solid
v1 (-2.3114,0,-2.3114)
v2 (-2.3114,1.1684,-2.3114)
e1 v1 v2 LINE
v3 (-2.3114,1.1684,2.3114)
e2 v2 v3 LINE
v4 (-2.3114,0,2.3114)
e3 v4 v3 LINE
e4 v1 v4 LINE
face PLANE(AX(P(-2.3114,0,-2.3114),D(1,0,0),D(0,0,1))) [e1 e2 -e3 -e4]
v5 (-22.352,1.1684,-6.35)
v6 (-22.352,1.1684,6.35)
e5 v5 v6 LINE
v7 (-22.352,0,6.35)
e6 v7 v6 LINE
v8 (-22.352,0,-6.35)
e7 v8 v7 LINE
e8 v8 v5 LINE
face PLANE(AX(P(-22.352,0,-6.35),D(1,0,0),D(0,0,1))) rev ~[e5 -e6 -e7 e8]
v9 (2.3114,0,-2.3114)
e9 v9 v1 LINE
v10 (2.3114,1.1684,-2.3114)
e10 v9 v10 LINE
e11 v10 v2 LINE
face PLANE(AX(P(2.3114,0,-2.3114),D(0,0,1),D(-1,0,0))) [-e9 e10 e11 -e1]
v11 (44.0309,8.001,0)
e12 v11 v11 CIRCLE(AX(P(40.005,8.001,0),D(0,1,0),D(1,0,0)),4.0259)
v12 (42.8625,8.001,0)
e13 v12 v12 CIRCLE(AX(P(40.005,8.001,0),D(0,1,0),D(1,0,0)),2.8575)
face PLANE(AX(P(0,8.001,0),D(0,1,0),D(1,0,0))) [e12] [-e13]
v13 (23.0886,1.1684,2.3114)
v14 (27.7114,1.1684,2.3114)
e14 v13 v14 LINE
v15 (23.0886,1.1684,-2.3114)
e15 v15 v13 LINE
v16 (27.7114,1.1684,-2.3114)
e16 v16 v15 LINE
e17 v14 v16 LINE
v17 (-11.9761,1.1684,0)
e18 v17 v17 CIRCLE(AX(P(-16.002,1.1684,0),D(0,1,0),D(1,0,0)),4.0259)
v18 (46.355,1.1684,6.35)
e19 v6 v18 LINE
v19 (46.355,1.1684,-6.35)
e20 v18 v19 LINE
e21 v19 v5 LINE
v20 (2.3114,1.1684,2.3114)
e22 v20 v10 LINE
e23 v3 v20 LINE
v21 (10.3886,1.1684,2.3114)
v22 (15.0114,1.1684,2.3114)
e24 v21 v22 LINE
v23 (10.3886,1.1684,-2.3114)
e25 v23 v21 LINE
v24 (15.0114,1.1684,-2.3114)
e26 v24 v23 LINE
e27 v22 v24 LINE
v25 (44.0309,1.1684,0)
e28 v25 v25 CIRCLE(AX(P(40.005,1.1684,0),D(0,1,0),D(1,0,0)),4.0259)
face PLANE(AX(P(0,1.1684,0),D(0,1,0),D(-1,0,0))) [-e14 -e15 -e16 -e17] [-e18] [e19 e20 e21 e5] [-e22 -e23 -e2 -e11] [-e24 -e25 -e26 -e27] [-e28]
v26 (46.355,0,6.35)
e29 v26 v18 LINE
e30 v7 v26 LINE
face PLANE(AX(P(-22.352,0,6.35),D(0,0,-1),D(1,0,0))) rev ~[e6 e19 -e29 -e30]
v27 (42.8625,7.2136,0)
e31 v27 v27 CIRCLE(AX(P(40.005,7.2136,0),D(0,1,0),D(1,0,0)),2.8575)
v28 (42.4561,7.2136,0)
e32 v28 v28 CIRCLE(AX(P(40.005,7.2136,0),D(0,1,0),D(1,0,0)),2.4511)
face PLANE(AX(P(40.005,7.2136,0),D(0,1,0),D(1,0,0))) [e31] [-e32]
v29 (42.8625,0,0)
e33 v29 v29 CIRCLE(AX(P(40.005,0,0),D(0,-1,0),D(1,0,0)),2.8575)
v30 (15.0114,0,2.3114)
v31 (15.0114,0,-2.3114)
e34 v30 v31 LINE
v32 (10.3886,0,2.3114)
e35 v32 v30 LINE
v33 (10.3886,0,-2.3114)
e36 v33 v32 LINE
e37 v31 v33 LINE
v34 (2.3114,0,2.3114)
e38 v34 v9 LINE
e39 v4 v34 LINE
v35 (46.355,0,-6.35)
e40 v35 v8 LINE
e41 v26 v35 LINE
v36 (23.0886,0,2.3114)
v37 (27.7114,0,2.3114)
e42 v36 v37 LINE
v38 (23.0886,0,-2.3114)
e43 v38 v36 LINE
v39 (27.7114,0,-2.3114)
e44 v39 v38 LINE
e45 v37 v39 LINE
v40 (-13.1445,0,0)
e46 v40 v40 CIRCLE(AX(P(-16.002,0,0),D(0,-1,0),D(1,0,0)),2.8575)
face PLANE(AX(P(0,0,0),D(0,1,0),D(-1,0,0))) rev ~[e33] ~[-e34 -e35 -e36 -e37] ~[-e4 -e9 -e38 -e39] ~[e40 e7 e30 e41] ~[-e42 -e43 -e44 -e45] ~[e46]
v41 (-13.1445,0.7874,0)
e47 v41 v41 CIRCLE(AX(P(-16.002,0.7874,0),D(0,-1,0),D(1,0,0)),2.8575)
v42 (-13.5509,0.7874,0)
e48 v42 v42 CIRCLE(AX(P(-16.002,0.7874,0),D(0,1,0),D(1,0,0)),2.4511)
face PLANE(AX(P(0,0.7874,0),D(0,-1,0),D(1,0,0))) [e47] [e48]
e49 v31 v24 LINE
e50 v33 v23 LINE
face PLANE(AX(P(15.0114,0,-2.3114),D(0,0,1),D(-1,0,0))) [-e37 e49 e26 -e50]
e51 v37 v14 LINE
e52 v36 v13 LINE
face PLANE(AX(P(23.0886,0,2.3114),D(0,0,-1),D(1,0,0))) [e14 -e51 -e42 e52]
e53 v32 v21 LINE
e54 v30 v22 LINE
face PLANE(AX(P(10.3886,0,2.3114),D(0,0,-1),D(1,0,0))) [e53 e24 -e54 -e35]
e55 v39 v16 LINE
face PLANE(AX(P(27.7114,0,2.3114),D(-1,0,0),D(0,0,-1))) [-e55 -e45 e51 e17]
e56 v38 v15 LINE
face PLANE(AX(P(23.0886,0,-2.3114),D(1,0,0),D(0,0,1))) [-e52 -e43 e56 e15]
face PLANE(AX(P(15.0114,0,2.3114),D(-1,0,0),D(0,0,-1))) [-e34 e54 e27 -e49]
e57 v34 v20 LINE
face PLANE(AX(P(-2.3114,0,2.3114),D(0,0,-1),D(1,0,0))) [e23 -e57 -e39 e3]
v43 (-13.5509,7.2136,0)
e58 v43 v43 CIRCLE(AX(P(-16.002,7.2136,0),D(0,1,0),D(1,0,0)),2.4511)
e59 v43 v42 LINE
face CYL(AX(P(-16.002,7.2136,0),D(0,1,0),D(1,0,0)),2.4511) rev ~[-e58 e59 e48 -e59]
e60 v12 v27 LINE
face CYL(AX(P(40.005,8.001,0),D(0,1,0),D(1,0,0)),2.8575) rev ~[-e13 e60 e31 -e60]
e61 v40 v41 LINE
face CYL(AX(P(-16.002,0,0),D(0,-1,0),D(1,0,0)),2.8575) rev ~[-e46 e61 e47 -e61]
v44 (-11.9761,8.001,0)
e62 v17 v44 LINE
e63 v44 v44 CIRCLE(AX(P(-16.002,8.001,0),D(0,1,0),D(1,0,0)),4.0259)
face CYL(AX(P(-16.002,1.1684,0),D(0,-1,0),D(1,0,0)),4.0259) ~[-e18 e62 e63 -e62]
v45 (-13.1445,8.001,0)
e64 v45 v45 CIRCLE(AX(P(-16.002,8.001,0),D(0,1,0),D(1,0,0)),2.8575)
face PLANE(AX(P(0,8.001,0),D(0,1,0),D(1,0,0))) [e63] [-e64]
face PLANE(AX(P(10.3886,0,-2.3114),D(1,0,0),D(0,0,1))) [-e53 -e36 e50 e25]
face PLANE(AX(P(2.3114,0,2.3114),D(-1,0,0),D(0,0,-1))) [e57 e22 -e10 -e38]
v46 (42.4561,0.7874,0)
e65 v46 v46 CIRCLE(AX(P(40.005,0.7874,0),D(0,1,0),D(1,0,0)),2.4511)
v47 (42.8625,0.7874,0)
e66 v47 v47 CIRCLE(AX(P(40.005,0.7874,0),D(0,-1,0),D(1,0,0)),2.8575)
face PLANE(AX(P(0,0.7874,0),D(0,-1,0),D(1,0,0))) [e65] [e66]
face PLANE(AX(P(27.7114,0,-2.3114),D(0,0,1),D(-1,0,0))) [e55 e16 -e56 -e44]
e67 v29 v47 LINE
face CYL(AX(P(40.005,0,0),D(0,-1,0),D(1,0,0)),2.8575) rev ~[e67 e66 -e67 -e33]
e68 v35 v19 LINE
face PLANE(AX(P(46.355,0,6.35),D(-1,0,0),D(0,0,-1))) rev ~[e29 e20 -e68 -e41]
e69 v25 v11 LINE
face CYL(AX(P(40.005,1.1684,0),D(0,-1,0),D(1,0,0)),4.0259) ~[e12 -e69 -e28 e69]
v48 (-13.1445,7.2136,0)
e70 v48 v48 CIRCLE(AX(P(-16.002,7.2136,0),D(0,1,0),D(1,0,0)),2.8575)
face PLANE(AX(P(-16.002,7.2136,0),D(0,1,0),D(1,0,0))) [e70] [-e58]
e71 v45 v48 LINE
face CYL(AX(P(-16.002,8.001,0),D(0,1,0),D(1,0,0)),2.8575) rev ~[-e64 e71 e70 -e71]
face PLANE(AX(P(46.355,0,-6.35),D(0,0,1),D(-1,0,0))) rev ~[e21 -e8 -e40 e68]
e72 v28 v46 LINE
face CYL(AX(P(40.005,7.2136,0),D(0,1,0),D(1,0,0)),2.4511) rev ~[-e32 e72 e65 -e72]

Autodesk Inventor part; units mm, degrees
ref_plane "YZ Plane" through (0, 0, 0) normal (1, 0, 0) x (0, 1, 0)
ref_plane "XZ Plane" through (0, 0, 0) normal (0, 1, 0) x (-1, 0, 0)
ref_plane "XY Plane" through (0, 0, 0) normal (0, 0, 1) x (1, 0, 0)
sketch "Sketch1" plane through (0, 0, 0) normal (0, 1, 0) x (-1, 0, 0)
  line L0 (22.352, 6.35) -> (-46.355, 6.35)
  line L1 (-46.355, 6.35) -> (-46.355, -6.35)
  line L2 (-46.355, -6.35) -> (22.352, -6.35)
  line L3 (22.352, -6.35) -> (22.352, 6.35)
  line L4 (-2.3114, -2.3114) -> (2.3114, -2.3114)
  line L5 (2.3114, -2.3114) -> (2.3114, 2.3114)
  line L6 (2.3114, 2.3114) -> (-2.3114, 2.3114)
  line L7 (-2.3114, 2.3114) -> (-2.3114, -2.3114)
  line L8 (-2.3114, -2.3114) -> (2.3114, 2.3114) construction
  line L9 (2.3114, -2.3114) -> (-2.3114, 2.3114) construction
  line L10 (-10.3886, 2.3114) -> (-15.0114, 2.3114)
  line L11 (-15.0114, 2.3114) -> (-15.0114, -2.3114)
  line L12 (-15.0114, -2.3114) -> (-10.3886, -2.3114)
  line L13 (-10.3886, -2.3114) -> (-10.3886, 2.3114)
  line L14 (-10.3886, 2.3114) -> (-15.0114, -2.3114) construction
  line L15 (-15.0114, 2.3114) -> (-10.3886, -2.3114) construction
  line L16 (-23.0886, 2.3114) -> (-27.7114, 2.3114)
  line L17 (-27.7114, 2.3114) -> (-27.7114, -2.3114)
  line L18 (-27.7114, -2.3114) -> (-23.0886, -2.3114)
  line L19 (-23.0886, -2.3114) -> (-23.0886, 2.3114)
  line L20 (-23.0886, 2.3114) -> (-27.7114, -2.3114) construction
  line L21 (-27.7114, 2.3114) -> (-23.0886, -2.3114) construction
  point P0 (0, 0)
  point P1 (-12.7, 0)
  point P2 (-25.4, 0)
  dimension "d0" = 68.707
  dimension "d1" = 12.7
  dimension "d2" = 4.6228
  dimension "d3" = 4.6228
  dimension "d4" = 4.6228
  dimension "d5" = 4.6228
  dimension "d6" = 12.7
  dimension "d7" = 12.7
  dimension "d8" = 6.35
  dimension "d9" = 22.352
extrude "Extrusion1" add sketch "Sketch1" along normal blind 1.1684
sketch "Sketch2" plane through (0, 1.1684, 0) normal (0, 1, 0) x (1, 0, 0)
  line L0 (-22.352, 6.35) -> (-22.352, -6.35) projected
  circle A0 centre (-16.002, 0) radius 4.0259
  point P0 (0, 0)
  dimension "d12" = 6.35
  dimension "d13" = 8.0518
extrude "Extrusion2" add sketch "Sketch2" along normal blind 6.8326
sketch "Sketch3" plane through (-16.002, 8.001, 0) normal (0, 1, 0) x (1, 0, 0)
  circle A0 centre (0, 0) radius 2.8575
  point P0 (16.002, 0)
  dimension "d16" = 5.715
extrude "Extrusion3" cut sketch "Sketch3" against normal blind 0.7874
sketch "Sketch4" plane through (0, 0, 0) normal (0, -1, 0) x (1, 0, 0)
  circle A0 centre (-16.002, 0) radius 2.8575 projected
  circle A1 centre (-16.002, 0) radius 2.8575
  point P0 (0, 0)
extrude "Extrusion4" cut sketch "Sketch4" against normal blind 0.7874
sketch "Sketch5" plane through (-16.002, 7.2136, 0) normal (0, 1, 0) x (1, 0, 0)
  circle A0 centre (0, 0) radius 2.4511
  point P0 (16.002, 0)
  dimension "d21" = 4.9022
extrude "Extrusion5" cut sketch "Sketch5" against normal through all
sketch "Sketch6" plane through (0, 1.1684, 0) normal (0, 1, 0) x (1, 0, 0)
  line L0 (46.355, -6.35) -> (46.355, 6.35) projected
  circle A0 centre (40.005, 0) radius 4.0259
  point P0 (0, 0)
  dimension "d24" = 6.35
  dimension "d25" = 8.0518
extrude "Extrusion6" add sketch "Sketch6" along normal blind 6.8326
sketch "Sketch7" plane through (40.005, 8.001, 0) normal (0, 1, 0) x (1, 0, 0)
  circle A0 centre (0, 0) radius 2.8575
  point P0 (-40.005, 0)
  dimension "d28" = 5.715
extrude "Extrusion7" cut sketch "Sketch7" against normal blind 0.7874
sketch "Sketch8" plane through (0, 0, 0) normal (0, -1, 0) x (1, 0, 0)
  circle A0 centre (40.005, 0) radius 2.8575 projected
  circle A1 centre (40.005, 0) radius 2.8575
  point P0 (0, 0)
extrude "Extrusion8" cut sketch "Sketch8" against normal blind 0.7874
sketch "Sketch9" plane through (40.005, 7.2136, 0) normal (0, 1, 0) x (1, 0, 0)
  circle A0 centre (0, 0) radius 2.4511
  point P0 (-40.005, 0)
  dimension "d33" = 4.9022
extrude "Extrusion9" cut sketch "Sketch9" against normal through all
properties part number "VexLegoMount"
